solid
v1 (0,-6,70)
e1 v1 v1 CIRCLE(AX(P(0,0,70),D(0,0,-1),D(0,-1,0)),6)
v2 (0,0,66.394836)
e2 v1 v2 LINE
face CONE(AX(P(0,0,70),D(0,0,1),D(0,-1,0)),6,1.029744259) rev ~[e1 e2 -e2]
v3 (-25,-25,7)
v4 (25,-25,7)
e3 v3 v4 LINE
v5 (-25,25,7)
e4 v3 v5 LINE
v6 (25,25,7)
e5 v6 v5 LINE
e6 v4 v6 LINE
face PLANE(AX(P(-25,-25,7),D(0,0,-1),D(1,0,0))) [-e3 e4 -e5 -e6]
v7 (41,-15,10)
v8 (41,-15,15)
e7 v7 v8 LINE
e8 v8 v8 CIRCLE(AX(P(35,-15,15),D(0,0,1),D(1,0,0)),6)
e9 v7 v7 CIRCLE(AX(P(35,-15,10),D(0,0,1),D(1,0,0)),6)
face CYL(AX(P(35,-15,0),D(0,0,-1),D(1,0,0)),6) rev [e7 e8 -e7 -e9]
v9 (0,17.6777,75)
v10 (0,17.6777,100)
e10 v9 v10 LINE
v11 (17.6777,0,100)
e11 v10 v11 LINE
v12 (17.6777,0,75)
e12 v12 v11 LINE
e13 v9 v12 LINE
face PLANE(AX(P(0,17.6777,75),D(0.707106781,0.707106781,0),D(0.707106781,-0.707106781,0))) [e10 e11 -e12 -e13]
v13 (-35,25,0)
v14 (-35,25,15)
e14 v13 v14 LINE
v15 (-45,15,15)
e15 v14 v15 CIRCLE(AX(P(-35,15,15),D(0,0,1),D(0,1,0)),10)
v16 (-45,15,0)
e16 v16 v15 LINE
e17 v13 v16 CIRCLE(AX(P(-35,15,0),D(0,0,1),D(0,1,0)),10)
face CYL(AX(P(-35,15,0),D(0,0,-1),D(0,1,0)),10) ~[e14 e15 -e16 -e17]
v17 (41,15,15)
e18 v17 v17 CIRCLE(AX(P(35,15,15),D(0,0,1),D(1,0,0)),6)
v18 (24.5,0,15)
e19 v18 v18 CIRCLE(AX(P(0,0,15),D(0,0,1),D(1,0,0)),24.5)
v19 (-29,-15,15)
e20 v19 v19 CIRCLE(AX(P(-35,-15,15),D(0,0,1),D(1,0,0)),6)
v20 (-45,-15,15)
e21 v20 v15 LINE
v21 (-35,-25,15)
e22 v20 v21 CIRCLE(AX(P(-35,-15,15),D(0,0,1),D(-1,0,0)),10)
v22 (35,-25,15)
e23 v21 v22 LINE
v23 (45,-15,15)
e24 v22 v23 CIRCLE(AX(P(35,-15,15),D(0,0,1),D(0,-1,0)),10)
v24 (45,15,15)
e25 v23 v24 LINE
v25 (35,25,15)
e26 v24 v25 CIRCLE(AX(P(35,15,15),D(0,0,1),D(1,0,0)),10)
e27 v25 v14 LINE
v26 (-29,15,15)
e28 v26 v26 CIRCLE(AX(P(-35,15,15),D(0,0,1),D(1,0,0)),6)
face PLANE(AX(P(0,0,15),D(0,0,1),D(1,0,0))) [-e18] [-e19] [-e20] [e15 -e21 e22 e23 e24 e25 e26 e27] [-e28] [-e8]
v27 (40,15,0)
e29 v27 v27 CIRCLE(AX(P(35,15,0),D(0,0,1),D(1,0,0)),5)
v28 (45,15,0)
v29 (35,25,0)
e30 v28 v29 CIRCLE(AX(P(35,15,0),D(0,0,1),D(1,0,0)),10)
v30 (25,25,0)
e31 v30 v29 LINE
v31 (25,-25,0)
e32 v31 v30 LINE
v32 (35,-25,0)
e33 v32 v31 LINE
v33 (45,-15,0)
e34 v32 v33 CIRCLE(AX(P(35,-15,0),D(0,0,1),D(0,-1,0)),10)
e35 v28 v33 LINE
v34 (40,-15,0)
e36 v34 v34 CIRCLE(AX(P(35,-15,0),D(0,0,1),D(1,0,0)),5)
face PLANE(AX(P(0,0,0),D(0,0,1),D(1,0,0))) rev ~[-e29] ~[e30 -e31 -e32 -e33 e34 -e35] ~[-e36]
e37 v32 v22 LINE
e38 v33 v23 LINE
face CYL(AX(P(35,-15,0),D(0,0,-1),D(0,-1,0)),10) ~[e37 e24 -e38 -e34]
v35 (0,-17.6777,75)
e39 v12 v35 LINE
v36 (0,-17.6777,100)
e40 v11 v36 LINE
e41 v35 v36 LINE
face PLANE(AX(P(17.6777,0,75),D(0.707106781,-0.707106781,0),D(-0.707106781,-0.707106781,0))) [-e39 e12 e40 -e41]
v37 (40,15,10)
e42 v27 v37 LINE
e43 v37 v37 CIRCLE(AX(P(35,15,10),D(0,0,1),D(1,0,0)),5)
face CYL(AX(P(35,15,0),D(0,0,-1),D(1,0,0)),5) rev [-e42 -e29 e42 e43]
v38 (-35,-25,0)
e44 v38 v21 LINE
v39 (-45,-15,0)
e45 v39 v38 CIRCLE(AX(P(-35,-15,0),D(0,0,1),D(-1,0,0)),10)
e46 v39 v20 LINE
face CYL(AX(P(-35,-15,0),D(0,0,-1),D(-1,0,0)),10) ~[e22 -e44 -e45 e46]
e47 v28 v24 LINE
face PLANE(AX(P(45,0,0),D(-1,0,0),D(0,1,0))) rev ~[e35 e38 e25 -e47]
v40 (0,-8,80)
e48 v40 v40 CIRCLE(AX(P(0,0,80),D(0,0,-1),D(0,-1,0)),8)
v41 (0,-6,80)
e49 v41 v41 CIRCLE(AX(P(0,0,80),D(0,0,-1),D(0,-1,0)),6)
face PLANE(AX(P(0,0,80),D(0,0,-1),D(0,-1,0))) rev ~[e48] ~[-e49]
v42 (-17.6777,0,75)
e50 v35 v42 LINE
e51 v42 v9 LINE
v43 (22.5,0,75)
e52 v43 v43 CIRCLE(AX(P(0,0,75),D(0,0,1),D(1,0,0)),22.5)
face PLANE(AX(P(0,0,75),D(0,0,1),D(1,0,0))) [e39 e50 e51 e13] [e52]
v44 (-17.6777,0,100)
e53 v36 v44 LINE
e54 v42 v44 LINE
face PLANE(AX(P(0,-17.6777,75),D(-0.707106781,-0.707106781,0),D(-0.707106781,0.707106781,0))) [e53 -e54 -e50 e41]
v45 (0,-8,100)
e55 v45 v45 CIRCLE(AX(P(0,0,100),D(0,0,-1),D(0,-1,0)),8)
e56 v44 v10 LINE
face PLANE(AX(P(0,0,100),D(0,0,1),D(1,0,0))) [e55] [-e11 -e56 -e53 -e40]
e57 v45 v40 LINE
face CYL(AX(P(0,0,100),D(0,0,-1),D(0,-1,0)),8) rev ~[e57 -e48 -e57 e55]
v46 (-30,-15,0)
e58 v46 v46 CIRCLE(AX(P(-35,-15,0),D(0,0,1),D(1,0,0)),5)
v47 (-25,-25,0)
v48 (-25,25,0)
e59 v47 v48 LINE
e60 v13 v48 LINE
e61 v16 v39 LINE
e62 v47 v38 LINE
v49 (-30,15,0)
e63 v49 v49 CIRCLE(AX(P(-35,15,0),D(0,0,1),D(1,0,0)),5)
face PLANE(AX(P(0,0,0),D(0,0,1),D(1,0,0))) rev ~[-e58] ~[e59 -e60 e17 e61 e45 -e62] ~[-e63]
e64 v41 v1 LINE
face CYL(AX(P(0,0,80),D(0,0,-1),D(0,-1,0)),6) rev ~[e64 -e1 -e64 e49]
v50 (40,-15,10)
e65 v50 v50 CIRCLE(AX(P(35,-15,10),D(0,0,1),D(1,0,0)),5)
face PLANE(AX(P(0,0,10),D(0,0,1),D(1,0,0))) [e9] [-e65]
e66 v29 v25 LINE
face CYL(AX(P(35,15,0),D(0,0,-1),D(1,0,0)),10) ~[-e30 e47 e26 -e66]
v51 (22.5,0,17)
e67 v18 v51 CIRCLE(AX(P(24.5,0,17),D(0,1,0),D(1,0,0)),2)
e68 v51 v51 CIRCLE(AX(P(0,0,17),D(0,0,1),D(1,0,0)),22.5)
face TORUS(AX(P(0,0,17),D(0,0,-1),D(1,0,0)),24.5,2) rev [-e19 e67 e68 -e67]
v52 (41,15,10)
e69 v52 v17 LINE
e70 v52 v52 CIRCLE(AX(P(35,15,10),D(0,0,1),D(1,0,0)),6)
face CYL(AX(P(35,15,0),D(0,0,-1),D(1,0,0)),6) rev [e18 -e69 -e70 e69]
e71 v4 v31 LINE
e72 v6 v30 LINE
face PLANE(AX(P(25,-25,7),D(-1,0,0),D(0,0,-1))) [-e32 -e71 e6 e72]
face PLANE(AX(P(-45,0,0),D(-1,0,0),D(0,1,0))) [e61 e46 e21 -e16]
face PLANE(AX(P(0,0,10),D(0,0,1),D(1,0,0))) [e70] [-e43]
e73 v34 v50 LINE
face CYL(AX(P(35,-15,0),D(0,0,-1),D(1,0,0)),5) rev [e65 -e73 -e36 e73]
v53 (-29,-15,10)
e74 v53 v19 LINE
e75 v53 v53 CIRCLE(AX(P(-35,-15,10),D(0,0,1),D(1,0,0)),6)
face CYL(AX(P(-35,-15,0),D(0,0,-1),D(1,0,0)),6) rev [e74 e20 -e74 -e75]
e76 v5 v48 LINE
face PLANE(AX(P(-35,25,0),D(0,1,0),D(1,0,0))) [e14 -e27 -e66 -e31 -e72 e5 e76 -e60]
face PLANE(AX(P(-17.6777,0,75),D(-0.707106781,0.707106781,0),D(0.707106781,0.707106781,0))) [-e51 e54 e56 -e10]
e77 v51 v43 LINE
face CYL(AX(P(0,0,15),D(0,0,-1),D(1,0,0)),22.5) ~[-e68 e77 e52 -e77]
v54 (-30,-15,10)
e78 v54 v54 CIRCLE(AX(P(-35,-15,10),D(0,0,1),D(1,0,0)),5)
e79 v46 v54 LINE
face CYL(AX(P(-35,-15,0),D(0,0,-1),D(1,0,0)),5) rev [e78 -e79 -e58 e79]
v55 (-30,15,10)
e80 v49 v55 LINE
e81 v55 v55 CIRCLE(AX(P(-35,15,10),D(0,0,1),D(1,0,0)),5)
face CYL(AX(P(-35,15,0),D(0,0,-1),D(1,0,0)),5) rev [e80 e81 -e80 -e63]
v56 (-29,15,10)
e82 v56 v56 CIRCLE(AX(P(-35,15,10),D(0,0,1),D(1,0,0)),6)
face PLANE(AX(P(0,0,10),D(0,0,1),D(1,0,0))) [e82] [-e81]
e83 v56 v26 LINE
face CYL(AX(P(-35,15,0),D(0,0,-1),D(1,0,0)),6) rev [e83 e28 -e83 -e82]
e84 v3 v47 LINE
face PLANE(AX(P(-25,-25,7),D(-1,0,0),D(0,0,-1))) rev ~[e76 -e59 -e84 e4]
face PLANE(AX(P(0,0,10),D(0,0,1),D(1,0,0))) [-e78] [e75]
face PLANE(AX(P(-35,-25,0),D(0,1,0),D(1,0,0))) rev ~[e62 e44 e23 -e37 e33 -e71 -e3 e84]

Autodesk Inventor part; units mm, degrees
ref_plane "YZ Plane" through (0, 0, 0) normal (1, 0, 0) x (0, 1, 0)
ref_plane "XZ Plane" through (0, 0, 0) normal (0, 1, 0) x (-1, 0, 0)
ref_plane "XY Plane" through (0, 0, 0) normal (0, 0, 1) x (1, 0, 0)
sketch "Sketch1" plane through (0, 0, 0) normal (0, 0, 1) x (1, 0, 0)
  line L0 (-65.8995, 0) -> (65.8995, 0) projected
  line L1 (0, -37.8995) -> (0, 37.8995) projected
  line L2 (-45, 0) -> (-45, 15)
  line L3 (-35, 25) -> (0, 25)
  arc A0 (-35, 25) -> (-45, 15) centre (-35, 15) ccw
  circle A1 centre (-35, 15) radius 5
  circle A2 centre (-35, 15) radius 6
  circle A3 centre (-35, -15) radius 6
  circle A4 centre (35, 15) radius 6
  circle A5 centre (35, -15) radius 6
  circle A6 centre (-35, -15) radius 5
  circle A7 centre (35, 15) radius 5
  circle A8 centre (35, -15) radius 5
  line L4 (-45, 0) -> (-45, -15)
  line L5 (-35, -25) -> (0, -25)
  arc A9 (-45, -15) -> (-35, -25) centre (-35, -15) ccw
  line L6 (45, 0) -> (45, 15)
  line L7 (35, 25) -> (0, 25)
  arc A10 (45, 15) -> (35, 25) centre (35, 15) ccw
  line L8 (35, -25) -> (0, -25)
  arc A11 (35, -25) -> (45, -15) centre (35, -15) ccw
  line L9 (45, 0) -> (45, -15)
  point P0 (0, 0)
  point P1 (-45, 25)
  point P2 (-45, -25)
  point P3 (45, 25)
  dimension "d3" = 50
  dimension "d4" = 90
  dimension "d6" = 10
  dimension "d10" = 5
  dimension "d14" = 6
extrude "Extrusion1" add sketch "Sketch1" along normal blind 15 contours L2 A0 L3 L1 L0 | L0 L1 L5 A9 L4 | L1 L7 A10 L6 L0 | L0 L9 A11 L8 L1
extrude "Extrusion2" add sketch "Sketch1" along normal blind 10 contours A2 | A3 | A4 | A5
sketch "Sketch2" plane through (-35, -25, 0) normal (0, -1, 0) x (1, 0, 0)
  line L0 (0, 0) -> (70, 0) projected
  line L1 (35, -3) -> (35, 18) projected
  line L2 (10, 7) -> (10, 0)
  line L3 (60, 7) -> (60, 0)
  line L4 (10, 7) -> (60, 7)
  line L5 (10, 0) -> (60, 0)
  point P0 (35, 0)
  dimension "d20" = 7
  dimension "d21" = 50
extrude "Extrusion3" cut sketch "Sketch2" against normal blind 50
sketch "Sketch3" plane through (0, 0, 15) normal (0, 0, 1) x (1, 0, 0)
  circle A0 centre (0, 0) radius 22.5
  dimension "d24" = 22.5
extrude "Extrusion4" add sketch "Sketch3" along normal blind 60
sketch "Sketch4" plane through (0, 0, 75) normal (0, 0, 1) x (1, 0, 0)
  circle A0 centre (0, 0) radius 22.5 projected
  line L0 (-17.6777, 0) -> (0, 17.6777)
  line L1 (0, 17.6777) -> (17.6777, 0)
  line L2 (17.6777, 0) -> (0, -17.6777)
  line L3 (0, -17.6777) -> (-17.6777, 0)
  dimension "d30" = 25
  dimension "d31" = 25
  dimension "d32" = 25
  dimension "d33" = 25
extrude "Extrusion5" add sketch "Sketch4" along normal blind 25 contours L0 L1 L2 L3
fillet "Fillet1" radius 2 1 edges at (-22.5, 0, 15)
hole "Hole1" at (0, 0, 100) direction (0, 0, -1) diameter 16 depth 20
hole "Hole2" at (0, 0, 80) direction (0, 0, -1) diameter 12 depth 10 tip angle 118
sketch "Sketch5" plane through (0, 0, 0) normal (1, 0, 0) x (0, 1, 0)
  line L0 (0, -20) -> (0, 120) projected
  line L1 (-25, 7) -> (25, 7) projected
  line L2 (-35, 0) -> (35, 0) projected
  line L3 (-15, 8.1453) -> (-15, 51.4254)
  line L4 (-15, 15) -> (15, 15) projected
  arc A0 (0, 66.4254) -> (-15, 51.4254) centre (0, 51.4254) ccw
  line L5 (0, 66.4254) -> (0, 7)
  line L6 (0, 7) -> (-15, 7)
  line L7 (0, 66.4254) -> (0, 7)
  point P0 (0, 0)
  point P1 (0, 15)
  point P2 (0, 15)
  point P3 (0, 15)
  dimension "d57" = 15
properties part number "Piesa 2 3D"
